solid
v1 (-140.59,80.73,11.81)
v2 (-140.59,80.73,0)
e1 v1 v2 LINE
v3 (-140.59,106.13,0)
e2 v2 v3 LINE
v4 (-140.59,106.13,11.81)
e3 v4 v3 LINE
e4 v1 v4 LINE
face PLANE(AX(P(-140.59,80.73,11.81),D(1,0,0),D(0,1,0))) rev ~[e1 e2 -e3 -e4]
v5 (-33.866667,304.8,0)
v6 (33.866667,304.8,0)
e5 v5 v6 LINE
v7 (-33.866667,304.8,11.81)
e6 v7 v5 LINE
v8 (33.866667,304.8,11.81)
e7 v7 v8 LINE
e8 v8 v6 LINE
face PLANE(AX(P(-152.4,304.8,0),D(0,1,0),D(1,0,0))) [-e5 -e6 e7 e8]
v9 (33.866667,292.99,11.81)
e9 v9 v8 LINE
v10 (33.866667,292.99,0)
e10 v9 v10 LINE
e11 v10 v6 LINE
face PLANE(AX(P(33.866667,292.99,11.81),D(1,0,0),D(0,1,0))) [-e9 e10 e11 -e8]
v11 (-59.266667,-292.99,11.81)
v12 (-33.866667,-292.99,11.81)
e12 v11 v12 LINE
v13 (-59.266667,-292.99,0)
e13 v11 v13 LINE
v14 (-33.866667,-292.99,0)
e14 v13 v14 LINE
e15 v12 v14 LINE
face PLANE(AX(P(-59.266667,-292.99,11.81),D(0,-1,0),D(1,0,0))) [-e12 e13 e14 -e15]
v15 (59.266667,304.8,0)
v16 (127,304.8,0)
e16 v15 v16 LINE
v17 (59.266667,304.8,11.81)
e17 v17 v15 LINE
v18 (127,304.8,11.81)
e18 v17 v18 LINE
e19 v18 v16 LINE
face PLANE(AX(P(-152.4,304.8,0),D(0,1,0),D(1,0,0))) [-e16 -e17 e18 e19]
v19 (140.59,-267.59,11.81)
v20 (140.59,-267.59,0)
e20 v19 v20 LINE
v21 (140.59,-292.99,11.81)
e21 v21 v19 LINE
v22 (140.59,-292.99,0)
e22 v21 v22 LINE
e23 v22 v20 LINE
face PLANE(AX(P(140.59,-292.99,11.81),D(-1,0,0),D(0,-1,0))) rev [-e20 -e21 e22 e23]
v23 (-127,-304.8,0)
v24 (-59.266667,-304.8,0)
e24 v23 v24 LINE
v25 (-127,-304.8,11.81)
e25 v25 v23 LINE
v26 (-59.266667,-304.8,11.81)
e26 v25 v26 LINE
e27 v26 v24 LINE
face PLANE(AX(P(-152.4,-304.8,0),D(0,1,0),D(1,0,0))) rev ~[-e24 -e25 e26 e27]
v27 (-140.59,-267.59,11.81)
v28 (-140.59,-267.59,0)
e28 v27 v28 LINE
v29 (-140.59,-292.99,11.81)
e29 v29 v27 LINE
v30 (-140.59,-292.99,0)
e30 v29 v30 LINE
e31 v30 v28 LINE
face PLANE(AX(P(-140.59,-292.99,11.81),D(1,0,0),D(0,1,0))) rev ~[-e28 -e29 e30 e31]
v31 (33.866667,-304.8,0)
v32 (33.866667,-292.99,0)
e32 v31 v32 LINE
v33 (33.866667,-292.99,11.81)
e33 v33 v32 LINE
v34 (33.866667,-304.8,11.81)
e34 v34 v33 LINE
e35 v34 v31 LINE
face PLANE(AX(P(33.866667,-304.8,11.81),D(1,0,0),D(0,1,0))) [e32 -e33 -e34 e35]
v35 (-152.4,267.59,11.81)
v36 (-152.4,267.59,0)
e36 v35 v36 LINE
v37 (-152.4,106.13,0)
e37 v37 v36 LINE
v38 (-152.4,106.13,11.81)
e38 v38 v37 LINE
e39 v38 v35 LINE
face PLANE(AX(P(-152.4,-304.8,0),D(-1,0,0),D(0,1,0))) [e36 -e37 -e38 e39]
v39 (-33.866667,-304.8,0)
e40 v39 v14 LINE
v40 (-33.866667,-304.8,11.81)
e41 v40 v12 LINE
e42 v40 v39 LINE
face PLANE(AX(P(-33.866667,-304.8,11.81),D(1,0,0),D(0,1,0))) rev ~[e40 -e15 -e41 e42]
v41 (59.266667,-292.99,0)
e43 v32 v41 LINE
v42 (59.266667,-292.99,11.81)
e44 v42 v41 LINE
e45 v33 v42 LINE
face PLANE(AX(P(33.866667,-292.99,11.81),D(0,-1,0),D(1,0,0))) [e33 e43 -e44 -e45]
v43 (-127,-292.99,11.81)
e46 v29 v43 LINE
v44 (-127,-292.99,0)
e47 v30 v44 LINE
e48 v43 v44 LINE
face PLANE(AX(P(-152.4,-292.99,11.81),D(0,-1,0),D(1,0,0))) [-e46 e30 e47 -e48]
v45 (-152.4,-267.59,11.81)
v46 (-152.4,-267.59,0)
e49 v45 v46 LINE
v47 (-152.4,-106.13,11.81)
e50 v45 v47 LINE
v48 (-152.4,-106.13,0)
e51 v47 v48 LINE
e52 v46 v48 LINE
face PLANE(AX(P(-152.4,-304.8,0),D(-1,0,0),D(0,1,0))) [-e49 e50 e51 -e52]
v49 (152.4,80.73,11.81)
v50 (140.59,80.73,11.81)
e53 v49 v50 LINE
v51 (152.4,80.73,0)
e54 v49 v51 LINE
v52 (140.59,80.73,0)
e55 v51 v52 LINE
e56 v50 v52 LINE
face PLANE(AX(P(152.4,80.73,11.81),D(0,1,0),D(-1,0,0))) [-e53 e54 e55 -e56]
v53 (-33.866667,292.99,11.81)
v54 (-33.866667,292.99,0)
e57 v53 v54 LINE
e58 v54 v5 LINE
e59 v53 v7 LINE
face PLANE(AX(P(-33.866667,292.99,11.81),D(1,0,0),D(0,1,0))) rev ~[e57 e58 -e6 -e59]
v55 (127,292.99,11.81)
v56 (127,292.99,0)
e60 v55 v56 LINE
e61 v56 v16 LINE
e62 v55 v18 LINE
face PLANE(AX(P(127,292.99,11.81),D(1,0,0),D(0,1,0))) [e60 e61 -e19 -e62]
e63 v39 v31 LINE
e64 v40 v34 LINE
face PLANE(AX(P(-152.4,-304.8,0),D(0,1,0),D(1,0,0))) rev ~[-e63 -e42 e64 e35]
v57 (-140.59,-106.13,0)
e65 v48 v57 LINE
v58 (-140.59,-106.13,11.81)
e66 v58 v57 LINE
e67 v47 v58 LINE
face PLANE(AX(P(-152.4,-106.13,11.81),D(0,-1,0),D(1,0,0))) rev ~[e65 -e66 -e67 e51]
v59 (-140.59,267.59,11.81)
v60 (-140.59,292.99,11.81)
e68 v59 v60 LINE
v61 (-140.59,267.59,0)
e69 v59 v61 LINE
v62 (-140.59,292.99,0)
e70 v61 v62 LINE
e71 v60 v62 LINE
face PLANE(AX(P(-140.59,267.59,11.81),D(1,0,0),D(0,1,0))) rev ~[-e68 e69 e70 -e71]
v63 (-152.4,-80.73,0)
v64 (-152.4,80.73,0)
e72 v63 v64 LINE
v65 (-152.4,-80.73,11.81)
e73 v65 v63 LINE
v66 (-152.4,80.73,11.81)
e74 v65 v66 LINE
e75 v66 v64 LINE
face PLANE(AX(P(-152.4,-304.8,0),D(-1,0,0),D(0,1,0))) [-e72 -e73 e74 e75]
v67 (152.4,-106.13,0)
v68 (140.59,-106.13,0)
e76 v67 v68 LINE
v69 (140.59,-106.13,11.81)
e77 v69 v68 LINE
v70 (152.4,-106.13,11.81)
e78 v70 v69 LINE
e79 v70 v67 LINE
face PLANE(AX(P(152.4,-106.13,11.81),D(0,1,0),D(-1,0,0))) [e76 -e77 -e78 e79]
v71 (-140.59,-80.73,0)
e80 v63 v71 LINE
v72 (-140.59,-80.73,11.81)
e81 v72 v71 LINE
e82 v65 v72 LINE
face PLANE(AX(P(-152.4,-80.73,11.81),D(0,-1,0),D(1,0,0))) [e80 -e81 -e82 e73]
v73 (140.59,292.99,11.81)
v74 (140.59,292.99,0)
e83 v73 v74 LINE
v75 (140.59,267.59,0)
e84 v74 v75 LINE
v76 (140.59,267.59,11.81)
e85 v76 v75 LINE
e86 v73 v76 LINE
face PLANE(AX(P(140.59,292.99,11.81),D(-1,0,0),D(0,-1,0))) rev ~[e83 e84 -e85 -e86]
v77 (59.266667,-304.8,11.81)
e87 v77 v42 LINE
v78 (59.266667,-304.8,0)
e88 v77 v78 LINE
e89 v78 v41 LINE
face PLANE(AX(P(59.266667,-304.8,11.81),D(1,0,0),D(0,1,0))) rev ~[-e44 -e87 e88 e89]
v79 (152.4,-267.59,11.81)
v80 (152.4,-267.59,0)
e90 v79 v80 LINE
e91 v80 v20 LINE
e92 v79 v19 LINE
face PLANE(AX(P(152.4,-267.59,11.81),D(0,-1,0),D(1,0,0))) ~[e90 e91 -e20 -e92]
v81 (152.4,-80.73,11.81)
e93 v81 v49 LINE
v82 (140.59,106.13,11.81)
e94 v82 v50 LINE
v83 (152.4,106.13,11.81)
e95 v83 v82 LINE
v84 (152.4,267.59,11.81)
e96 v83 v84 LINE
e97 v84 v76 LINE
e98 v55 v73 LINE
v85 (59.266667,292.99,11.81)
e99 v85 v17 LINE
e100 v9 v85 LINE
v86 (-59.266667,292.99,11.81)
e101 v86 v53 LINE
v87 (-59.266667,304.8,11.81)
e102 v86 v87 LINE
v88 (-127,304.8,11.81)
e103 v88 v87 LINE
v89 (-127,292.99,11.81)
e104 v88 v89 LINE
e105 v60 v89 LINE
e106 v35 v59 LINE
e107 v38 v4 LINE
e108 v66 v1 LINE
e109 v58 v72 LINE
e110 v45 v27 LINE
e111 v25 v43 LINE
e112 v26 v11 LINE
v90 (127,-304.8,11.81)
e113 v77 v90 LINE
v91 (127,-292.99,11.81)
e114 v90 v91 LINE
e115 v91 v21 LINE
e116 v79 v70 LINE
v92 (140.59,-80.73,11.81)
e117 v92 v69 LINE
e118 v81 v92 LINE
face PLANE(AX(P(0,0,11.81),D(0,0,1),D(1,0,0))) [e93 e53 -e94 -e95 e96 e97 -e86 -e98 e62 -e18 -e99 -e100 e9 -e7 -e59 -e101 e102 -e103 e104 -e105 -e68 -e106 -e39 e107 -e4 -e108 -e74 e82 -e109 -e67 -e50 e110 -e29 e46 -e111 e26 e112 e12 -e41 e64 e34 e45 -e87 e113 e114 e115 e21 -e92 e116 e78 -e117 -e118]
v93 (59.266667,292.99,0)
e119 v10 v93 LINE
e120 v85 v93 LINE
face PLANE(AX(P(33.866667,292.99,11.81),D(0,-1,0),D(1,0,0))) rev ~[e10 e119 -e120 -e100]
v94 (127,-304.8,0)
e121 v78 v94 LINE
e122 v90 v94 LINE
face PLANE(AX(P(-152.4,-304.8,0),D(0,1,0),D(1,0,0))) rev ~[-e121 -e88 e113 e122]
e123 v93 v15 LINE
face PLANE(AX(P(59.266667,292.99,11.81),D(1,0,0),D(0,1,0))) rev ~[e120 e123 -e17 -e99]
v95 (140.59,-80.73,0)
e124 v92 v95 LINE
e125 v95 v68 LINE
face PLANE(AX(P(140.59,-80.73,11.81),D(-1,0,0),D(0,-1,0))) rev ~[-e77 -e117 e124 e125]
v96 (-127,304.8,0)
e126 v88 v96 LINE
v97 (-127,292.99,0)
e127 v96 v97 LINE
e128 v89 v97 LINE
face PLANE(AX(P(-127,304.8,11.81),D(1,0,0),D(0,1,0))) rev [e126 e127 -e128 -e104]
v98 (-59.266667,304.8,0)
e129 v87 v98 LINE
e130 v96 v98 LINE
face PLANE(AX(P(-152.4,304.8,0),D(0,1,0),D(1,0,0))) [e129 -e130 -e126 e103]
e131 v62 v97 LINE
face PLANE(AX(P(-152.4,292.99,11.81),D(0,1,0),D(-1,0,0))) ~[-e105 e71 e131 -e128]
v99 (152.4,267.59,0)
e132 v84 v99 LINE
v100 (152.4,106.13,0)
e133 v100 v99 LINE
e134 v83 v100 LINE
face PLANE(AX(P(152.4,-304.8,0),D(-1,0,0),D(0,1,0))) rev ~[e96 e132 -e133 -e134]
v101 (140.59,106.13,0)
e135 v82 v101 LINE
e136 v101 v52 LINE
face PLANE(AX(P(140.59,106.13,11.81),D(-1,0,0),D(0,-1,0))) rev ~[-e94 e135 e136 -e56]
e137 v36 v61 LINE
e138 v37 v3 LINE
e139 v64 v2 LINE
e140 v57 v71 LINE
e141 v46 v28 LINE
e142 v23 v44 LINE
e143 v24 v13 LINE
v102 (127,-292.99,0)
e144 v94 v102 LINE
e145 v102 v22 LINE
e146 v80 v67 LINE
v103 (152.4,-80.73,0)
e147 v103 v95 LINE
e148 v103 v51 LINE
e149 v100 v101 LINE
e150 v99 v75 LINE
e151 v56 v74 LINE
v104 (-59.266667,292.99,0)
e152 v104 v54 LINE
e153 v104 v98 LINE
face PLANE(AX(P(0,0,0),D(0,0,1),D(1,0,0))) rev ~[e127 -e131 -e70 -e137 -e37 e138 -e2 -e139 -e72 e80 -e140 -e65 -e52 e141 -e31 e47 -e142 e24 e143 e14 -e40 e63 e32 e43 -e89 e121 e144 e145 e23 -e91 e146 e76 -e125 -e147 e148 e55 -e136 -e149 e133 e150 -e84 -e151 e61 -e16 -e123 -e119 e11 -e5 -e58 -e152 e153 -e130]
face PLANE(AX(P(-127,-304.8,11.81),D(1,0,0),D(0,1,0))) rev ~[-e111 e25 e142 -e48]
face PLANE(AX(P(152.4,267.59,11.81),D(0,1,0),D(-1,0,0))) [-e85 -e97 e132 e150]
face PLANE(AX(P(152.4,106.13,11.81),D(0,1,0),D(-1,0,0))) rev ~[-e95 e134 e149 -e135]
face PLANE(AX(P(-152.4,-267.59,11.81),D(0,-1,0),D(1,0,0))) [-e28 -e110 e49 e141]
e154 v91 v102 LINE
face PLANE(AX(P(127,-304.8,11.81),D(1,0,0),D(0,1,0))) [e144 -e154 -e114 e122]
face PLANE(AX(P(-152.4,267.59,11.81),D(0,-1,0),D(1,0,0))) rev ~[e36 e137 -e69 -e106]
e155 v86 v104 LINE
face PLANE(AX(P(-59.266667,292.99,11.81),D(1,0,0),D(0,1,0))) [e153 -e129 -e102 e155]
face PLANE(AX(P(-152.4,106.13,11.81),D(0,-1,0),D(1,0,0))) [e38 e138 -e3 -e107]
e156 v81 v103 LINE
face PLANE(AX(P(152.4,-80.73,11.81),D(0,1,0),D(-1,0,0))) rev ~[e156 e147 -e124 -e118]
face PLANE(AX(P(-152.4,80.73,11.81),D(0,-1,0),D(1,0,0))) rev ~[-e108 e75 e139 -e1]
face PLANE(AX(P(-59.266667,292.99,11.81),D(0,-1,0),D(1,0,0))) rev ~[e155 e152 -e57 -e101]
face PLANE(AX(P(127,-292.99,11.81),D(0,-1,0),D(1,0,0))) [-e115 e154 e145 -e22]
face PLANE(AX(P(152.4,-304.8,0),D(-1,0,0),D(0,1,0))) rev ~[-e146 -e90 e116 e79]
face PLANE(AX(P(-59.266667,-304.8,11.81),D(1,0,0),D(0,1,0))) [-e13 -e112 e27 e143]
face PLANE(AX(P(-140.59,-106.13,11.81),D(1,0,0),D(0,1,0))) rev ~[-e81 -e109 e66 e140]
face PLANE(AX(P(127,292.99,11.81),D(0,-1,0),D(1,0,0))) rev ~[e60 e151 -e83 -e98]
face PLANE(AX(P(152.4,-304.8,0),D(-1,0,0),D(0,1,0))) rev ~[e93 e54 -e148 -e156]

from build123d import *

# Parameters (mm, degrees)
BASE_SKETCH_W           = 304.8
BASE_SKETCH_H           = 609.6
BOSS_EXTRUDE1_DEPTH     = 11.81
JOINT_X_W               = 25.4
JOINT_X_H               = 11.81
CUT_EXTRUDE1_DEPTH      = 341.981342745
LPATTERN1_COUNT         = 4
LPATTERN1_PITCH         = 93.133333333
MIRROR1_COPY_1_SKETCH_W = 25.4
MIRROR1_COPY_1_SKETCH_H = 11.81
MIRROR1_COPY_1_DEPTH    = 341.981342745
MIRROR1_COPY_2_SKETCH_W = 25.4
MIRROR1_COPY_2_SKETCH_H = 11.81
MIRROR1_COPY_2_DEPTH    = 341.981342745
MIRROR1_COPY_3_SKETCH_W = 25.4
MIRROR1_COPY_3_SKETCH_H = 11.81
MIRROR1_COPY_3_DEPTH    = 341.981342745
JOINT_Y_W               = 11.81
JOINT_Y_H               = 25.4
CUT_EXTRUDE2_DEPTH      = 341.981342745
LPATTERN3_COUNT         = 4
LPATTERN3_PITCH         = 186.86
MIRROR4_COPY_1_SKETCH_W = 11.81
MIRROR4_COPY_1_SKETCH_H = 25.4
MIRROR4_COPY_1_DEPTH    = 341.981342745
MIRROR4_COPY_2_SKETCH_W = 11.81
MIRROR4_COPY_2_SKETCH_H = 25.4
MIRROR4_COPY_2_DEPTH    = 341.981342745
MIRROR4_COPY_3_SKETCH_W = 11.81
MIRROR4_COPY_3_SKETCH_H = 25.4
MIRROR4_COPY_3_DEPTH    = 341.981342745


with BuildPart() as part:
    # Base_Sketch → Boss-Extrude1 (new body)
    with BuildSketch(Plane.XY):
        Rectangle(BASE_SKETCH_W, BASE_SKETCH_H)
    extrude(amount=BOSS_EXTRUDE1_DEPTH)

    # Joint_X → Cut-Extrude1 (cut, through all)
    with BuildSketch(Plane.XY.offset(11.81)):
        with Locations((-139.7, -298.895)):
            Rectangle(JOINT_X_W, JOINT_X_H)
    cut_extrude1 = extrude(amount=-CUT_EXTRUDE1_DEPTH, mode=Mode.SUBTRACT)

    # LPattern1: Cut-Extrude1 ×4
    with Locations(*[(i * LPATTERN1_PITCH, 0, 0) for i in range(1, LPATTERN1_COUNT)]):
        add(cut_extrude1, mode=Mode.SUBTRACT)

    # Mirror1: Cut-Extrude1 across plane
    add(cut_extrude1.mirror(Plane.ZX), mode=Mode.SUBTRACT)

    # Mirror1 copy 1 sketch → Mirror1 copy 1 (cut, through all)
    with BuildSketch(Plane(origin=(93.133333333, 0, 11.81), x_dir=(1, 0, 0), z_dir=(0, 0, 1))):
        with Locations((-139.7, 298.895)):
            Rectangle(MIRROR1_COPY_1_SKETCH_W, MIRROR1_COPY_1_SKETCH_H)
    extrude(amount=-MIRROR1_COPY_1_DEPTH, mode=Mode.SUBTRACT)

    # Mirror1 copy 2 sketch → Mirror1 copy 2 (cut, through all)
    with BuildSketch(Plane(origin=(186.266666667, 0, 11.81), x_dir=(1, 0, 0), z_dir=(0, 0, 1))):
        with Locations((-139.7, 298.895)):
            Rectangle(MIRROR1_COPY_2_SKETCH_W, MIRROR1_COPY_2_SKETCH_H)
    extrude(amount=-MIRROR1_COPY_2_DEPTH, mode=Mode.SUBTRACT)

    # Mirror1 copy 3 sketch → Mirror1 copy 3 (cut, through all)
    with BuildSketch(Plane(origin=(279.4, 0, 11.81), x_dir=(1, 0, 0), z_dir=(0, 0, 1))):
        with Locations((-139.7, 298.895)):
            Rectangle(MIRROR1_COPY_3_SKETCH_W, MIRROR1_COPY_3_SKETCH_H)
    extrude(amount=-MIRROR1_COPY_3_DEPTH, mode=Mode.SUBTRACT)

    # Joint_Y → Cut-Extrude2 (cut, through all)
    with BuildSketch(Plane.XY.offset(11.81)):
        with Locations((-146.495, -280.29)):
            Rectangle(JOINT_Y_W, JOINT_Y_H)
    cut_extrude2 = extrude(amount=-CUT_EXTRUDE2_DEPTH, mode=Mode.SUBTRACT)

    # LPattern3: Cut-Extrude2 ×4
    with Locations(*[(0, i * LPATTERN3_PITCH, 0) for i in range(1, LPATTERN3_COUNT)]):
        add(cut_extrude2, mode=Mode.SUBTRACT)

    # Mirror4: Cut-Extrude2 across plane
    add(cut_extrude2.mirror(Plane(origin=(0, 0, 0), x_dir=(0, 0, 1), z_dir=(1, 0, 0))), mode=Mode.SUBTRACT)

    # Mirror4 copy 1 sketch → Mirror4 copy 1 (cut, through all)
    with BuildSketch(Plane(origin=(0, 186.86, 11.81), x_dir=(-1, 0, 0), z_dir=(0, 0, 1))):
        with Locations((-146.495, 280.29)):
            Rectangle(MIRROR4_COPY_1_SKETCH_W, MIRROR4_COPY_1_SKETCH_H)
    extrude(amount=-MIRROR4_COPY_1_DEPTH, mode=Mode.SUBTRACT)

    # Mirror4 copy 2 sketch → Mirror4 copy 2 (cut, through all)
    with BuildSketch(Plane(origin=(0, 373.72, 11.81), x_dir=(-1, 0, 0), z_dir=(0, 0, 1))):
        with Locations((-146.495, 280.29)):
            Rectangle(MIRROR4_COPY_2_SKETCH_W, MIRROR4_COPY_2_SKETCH_H)
    extrude(amount=-MIRROR4_COPY_2_DEPTH, mode=Mode.SUBTRACT)

    # Mirror4 copy 3 sketch → Mirror4 copy 3 (cut, through all)
    with BuildSketch(Plane(origin=(0, 560.58, 11.81), x_dir=(-1, 0, 0), z_dir=(0, 0, 1))):
        with Locations((-146.495, 280.29)):
            Rectangle(MIRROR4_COPY_3_SKETCH_W, MIRROR4_COPY_3_SKETCH_H)
    extrude(amount=-MIRROR4_COPY_3_DEPTH, mode=Mode.SUBTRACT)


solid = part.part
